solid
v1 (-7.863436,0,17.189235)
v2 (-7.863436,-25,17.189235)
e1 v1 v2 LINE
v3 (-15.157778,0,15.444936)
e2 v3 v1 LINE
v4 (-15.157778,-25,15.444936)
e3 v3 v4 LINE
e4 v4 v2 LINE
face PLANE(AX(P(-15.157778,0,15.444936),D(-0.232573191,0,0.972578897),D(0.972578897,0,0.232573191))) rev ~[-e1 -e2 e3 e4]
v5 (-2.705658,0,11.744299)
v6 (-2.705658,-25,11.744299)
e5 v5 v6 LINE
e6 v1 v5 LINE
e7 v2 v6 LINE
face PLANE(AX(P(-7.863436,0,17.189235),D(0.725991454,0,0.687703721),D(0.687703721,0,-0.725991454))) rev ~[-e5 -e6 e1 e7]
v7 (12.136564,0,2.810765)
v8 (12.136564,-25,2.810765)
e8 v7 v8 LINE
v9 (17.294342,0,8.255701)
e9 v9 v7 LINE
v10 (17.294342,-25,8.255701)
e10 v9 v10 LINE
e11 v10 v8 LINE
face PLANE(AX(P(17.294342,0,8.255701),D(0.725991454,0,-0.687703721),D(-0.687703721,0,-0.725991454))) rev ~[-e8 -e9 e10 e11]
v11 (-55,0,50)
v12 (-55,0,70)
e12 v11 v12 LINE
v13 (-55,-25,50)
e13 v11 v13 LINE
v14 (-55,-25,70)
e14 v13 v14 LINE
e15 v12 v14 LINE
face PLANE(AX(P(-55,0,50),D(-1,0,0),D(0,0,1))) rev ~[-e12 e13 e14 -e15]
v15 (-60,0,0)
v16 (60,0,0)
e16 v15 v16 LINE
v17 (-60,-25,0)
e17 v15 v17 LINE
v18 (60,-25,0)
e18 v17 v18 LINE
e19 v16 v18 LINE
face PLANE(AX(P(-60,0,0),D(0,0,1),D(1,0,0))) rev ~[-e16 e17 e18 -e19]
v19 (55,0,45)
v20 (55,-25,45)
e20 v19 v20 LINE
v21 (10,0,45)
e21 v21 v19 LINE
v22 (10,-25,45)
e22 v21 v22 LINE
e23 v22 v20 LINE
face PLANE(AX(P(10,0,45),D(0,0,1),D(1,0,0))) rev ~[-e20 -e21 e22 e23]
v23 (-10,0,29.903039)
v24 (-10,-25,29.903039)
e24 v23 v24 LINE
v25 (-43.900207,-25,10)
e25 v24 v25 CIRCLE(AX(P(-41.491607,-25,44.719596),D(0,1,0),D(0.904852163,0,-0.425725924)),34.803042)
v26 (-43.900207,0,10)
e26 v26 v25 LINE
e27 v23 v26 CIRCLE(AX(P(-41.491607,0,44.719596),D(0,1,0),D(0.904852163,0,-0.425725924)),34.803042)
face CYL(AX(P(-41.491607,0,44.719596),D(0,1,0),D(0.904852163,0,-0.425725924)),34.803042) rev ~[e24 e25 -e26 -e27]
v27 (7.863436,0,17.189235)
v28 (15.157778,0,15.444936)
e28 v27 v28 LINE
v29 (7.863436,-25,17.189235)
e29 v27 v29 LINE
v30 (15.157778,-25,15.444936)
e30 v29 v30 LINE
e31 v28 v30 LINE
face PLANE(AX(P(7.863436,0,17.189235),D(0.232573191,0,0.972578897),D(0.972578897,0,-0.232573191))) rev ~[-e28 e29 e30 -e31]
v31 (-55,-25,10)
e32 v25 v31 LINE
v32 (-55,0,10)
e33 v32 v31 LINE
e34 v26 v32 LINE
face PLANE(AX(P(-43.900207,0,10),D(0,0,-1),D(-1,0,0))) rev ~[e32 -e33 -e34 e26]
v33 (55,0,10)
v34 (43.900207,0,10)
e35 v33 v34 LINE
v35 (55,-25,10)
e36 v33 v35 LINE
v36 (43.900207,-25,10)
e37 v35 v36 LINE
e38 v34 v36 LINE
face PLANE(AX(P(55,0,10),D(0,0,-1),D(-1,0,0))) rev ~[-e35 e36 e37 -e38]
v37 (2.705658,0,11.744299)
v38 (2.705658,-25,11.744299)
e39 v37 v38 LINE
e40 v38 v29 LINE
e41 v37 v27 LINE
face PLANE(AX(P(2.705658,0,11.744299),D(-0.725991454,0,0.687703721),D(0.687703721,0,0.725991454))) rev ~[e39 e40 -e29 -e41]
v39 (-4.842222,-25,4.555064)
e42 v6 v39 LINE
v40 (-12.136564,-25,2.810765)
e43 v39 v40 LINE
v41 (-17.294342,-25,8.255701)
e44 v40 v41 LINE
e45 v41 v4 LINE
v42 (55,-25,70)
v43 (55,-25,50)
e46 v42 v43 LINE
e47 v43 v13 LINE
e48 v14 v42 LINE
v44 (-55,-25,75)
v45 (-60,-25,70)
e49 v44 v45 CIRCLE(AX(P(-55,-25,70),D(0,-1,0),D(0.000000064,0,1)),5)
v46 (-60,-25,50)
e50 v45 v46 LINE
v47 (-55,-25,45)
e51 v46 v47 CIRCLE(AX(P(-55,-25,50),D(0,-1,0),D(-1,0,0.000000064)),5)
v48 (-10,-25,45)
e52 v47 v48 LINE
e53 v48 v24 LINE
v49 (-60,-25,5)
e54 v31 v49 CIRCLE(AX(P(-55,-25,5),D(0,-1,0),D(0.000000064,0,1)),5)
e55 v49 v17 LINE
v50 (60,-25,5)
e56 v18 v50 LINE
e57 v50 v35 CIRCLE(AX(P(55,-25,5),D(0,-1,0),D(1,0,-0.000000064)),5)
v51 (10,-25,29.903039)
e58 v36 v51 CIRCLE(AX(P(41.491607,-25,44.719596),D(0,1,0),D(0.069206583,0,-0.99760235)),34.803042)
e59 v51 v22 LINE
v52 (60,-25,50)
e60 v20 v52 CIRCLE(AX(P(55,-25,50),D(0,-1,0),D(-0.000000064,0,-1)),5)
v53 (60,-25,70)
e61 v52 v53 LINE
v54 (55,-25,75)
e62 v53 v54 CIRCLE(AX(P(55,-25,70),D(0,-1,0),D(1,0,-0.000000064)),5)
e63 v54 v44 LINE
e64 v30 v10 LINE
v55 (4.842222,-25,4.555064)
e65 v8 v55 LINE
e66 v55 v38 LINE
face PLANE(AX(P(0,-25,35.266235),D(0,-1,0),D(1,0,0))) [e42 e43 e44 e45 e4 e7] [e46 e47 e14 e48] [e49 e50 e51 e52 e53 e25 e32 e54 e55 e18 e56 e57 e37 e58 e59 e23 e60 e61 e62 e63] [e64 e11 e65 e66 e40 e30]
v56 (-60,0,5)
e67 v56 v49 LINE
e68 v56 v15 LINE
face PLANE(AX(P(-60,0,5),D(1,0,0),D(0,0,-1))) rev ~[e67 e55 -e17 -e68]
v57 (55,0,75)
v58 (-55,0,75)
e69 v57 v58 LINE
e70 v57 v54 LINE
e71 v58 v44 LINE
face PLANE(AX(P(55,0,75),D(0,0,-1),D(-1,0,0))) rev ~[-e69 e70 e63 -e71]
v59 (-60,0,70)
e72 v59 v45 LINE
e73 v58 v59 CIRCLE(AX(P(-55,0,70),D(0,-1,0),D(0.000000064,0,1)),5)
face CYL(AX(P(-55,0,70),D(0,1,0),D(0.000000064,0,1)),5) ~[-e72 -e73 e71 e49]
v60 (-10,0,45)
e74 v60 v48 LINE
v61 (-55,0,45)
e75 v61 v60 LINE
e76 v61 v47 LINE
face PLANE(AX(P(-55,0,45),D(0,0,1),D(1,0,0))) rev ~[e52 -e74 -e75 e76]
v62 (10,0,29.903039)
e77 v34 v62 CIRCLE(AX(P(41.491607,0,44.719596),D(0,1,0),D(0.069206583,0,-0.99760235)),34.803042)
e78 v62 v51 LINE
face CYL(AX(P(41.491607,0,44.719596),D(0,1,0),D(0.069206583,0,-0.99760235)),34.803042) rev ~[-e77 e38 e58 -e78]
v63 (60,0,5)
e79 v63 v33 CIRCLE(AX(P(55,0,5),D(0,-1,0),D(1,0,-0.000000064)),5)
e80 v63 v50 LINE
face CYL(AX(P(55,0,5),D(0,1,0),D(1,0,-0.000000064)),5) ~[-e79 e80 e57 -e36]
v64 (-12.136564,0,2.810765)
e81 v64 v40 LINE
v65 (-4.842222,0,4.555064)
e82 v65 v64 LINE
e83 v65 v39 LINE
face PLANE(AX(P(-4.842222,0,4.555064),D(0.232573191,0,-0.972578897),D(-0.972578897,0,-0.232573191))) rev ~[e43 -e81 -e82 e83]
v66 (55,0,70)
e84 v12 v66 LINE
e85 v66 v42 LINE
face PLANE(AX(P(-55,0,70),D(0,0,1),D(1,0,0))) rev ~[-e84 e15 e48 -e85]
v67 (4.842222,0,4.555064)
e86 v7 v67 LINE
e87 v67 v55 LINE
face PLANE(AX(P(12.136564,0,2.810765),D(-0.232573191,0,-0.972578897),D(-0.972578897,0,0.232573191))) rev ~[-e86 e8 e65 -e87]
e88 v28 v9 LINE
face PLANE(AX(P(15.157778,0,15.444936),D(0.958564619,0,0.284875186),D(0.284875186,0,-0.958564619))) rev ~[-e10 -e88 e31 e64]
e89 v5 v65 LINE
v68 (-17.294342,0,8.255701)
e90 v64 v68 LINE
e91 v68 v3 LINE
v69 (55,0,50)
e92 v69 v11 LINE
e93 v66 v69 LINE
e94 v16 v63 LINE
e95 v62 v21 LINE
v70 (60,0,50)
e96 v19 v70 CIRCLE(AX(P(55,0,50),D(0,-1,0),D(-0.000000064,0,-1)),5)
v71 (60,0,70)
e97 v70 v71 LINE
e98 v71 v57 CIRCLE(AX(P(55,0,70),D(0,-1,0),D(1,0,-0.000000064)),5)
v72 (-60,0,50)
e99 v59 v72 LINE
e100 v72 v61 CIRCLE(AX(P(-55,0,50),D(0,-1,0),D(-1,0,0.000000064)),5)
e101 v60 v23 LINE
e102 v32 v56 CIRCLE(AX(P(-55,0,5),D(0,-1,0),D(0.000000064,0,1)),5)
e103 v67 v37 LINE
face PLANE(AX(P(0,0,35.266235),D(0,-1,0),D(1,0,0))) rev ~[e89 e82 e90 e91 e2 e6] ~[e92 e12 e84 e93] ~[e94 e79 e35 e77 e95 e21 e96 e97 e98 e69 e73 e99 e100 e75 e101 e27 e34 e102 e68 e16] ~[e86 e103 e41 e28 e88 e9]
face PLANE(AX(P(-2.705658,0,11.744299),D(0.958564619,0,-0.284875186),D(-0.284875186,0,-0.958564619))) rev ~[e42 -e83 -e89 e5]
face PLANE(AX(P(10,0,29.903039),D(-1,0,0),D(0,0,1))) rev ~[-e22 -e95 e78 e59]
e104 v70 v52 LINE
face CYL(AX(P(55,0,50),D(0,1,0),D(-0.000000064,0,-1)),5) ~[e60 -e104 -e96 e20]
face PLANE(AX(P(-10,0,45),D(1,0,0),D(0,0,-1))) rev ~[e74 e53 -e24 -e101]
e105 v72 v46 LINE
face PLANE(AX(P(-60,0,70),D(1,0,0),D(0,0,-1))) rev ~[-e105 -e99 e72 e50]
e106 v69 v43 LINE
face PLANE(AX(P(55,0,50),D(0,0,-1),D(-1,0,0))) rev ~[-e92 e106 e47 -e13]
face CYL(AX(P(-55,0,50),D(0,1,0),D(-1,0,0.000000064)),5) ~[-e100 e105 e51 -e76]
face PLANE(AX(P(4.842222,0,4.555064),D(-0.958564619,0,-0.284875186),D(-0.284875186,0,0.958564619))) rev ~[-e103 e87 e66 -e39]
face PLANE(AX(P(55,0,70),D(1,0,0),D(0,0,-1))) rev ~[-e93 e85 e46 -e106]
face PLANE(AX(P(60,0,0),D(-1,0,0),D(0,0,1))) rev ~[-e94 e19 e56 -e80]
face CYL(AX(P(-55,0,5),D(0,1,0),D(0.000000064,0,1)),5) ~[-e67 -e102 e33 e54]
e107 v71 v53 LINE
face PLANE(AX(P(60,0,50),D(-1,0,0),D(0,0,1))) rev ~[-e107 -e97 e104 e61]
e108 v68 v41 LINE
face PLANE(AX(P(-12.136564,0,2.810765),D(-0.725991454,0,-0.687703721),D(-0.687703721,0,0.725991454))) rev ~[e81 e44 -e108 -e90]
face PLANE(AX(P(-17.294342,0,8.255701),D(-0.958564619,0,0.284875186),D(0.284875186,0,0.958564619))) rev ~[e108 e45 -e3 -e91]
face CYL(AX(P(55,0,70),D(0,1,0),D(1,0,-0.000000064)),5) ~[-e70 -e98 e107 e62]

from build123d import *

# Parameters (mm, degrees)
F1_DEPTH = 25


with BuildPart() as f1:
    # F0 (on Front) → F1 (new body)
    with BuildSketch(Plane.XZ):
        with BuildLine():
            Line((-60, 0), (0, 0))
            Line((0, 0), (60, 0))
            Line((60, 0), (60, 5))
            ThreePointArc((60, 5), (58.535534, 8.535534), (55, 10))
            Line((55, 10), (43.900207, 10))
            ThreePointArc((43.900207, 10), (23.870935, 14.706872), (10, 29.903039))
            Line((10, 29.903039), (10, 45))
            Line((10, 45), (55, 45))
            ThreePointArc((55, 45), (58.535534, 46.464466), (60, 50))
            Line((60, 50), (60, 70))
            ThreePointArc((60, 70), (58.535534, 73.535534), (55, 75))
            Line((55, 75), (0, 75))
            Line((0, 75), (-55, 75))
            ThreePointArc((-55, 75), (-58.535534, 73.535534), (-60, 70))
            Line((-60, 70), (-60, 50))
            ThreePointArc((-60, 50), (-58.535534, 46.464466), (-55, 45))
            Line((-55, 45), (-10, 45))
            Line((-10, 45), (-10, 29.903039))
            ThreePointArc((-10, 29.903039), (-23.870935, 14.706872), (-43.900207, 10))
            Line((-43.900207, 10), (-55, 10))
            ThreePointArc((-55, 10), (-58.535534, 8.535534), (-60, 5))
            Line((-60, 5), (-60, 0))
        make_face()
        Polygon((-12.136564, 2.810765), (-17.294342, 8.255701), (-15.157778, 15.444936), (-7.863436, 17.189235), (-2.705658, 11.744299), (-4.842222, 4.555064), align=None, mode=Mode.SUBTRACT)
        Polygon((15.157778, 15.444936), (17.294342, 8.255701), (12.136564, 2.810765), (4.842222, 4.555064), (2.705658, 11.744299), (7.863436, 17.189235), align=None, mode=Mode.SUBTRACT)
        Polygon((-55, 70), (0, 70), (55, 70), (55, 50), (0, 50), (-55, 50), align=None, mode=Mode.SUBTRACT)
    extrude(amount=F1_DEPTH)


solid = f1.part
